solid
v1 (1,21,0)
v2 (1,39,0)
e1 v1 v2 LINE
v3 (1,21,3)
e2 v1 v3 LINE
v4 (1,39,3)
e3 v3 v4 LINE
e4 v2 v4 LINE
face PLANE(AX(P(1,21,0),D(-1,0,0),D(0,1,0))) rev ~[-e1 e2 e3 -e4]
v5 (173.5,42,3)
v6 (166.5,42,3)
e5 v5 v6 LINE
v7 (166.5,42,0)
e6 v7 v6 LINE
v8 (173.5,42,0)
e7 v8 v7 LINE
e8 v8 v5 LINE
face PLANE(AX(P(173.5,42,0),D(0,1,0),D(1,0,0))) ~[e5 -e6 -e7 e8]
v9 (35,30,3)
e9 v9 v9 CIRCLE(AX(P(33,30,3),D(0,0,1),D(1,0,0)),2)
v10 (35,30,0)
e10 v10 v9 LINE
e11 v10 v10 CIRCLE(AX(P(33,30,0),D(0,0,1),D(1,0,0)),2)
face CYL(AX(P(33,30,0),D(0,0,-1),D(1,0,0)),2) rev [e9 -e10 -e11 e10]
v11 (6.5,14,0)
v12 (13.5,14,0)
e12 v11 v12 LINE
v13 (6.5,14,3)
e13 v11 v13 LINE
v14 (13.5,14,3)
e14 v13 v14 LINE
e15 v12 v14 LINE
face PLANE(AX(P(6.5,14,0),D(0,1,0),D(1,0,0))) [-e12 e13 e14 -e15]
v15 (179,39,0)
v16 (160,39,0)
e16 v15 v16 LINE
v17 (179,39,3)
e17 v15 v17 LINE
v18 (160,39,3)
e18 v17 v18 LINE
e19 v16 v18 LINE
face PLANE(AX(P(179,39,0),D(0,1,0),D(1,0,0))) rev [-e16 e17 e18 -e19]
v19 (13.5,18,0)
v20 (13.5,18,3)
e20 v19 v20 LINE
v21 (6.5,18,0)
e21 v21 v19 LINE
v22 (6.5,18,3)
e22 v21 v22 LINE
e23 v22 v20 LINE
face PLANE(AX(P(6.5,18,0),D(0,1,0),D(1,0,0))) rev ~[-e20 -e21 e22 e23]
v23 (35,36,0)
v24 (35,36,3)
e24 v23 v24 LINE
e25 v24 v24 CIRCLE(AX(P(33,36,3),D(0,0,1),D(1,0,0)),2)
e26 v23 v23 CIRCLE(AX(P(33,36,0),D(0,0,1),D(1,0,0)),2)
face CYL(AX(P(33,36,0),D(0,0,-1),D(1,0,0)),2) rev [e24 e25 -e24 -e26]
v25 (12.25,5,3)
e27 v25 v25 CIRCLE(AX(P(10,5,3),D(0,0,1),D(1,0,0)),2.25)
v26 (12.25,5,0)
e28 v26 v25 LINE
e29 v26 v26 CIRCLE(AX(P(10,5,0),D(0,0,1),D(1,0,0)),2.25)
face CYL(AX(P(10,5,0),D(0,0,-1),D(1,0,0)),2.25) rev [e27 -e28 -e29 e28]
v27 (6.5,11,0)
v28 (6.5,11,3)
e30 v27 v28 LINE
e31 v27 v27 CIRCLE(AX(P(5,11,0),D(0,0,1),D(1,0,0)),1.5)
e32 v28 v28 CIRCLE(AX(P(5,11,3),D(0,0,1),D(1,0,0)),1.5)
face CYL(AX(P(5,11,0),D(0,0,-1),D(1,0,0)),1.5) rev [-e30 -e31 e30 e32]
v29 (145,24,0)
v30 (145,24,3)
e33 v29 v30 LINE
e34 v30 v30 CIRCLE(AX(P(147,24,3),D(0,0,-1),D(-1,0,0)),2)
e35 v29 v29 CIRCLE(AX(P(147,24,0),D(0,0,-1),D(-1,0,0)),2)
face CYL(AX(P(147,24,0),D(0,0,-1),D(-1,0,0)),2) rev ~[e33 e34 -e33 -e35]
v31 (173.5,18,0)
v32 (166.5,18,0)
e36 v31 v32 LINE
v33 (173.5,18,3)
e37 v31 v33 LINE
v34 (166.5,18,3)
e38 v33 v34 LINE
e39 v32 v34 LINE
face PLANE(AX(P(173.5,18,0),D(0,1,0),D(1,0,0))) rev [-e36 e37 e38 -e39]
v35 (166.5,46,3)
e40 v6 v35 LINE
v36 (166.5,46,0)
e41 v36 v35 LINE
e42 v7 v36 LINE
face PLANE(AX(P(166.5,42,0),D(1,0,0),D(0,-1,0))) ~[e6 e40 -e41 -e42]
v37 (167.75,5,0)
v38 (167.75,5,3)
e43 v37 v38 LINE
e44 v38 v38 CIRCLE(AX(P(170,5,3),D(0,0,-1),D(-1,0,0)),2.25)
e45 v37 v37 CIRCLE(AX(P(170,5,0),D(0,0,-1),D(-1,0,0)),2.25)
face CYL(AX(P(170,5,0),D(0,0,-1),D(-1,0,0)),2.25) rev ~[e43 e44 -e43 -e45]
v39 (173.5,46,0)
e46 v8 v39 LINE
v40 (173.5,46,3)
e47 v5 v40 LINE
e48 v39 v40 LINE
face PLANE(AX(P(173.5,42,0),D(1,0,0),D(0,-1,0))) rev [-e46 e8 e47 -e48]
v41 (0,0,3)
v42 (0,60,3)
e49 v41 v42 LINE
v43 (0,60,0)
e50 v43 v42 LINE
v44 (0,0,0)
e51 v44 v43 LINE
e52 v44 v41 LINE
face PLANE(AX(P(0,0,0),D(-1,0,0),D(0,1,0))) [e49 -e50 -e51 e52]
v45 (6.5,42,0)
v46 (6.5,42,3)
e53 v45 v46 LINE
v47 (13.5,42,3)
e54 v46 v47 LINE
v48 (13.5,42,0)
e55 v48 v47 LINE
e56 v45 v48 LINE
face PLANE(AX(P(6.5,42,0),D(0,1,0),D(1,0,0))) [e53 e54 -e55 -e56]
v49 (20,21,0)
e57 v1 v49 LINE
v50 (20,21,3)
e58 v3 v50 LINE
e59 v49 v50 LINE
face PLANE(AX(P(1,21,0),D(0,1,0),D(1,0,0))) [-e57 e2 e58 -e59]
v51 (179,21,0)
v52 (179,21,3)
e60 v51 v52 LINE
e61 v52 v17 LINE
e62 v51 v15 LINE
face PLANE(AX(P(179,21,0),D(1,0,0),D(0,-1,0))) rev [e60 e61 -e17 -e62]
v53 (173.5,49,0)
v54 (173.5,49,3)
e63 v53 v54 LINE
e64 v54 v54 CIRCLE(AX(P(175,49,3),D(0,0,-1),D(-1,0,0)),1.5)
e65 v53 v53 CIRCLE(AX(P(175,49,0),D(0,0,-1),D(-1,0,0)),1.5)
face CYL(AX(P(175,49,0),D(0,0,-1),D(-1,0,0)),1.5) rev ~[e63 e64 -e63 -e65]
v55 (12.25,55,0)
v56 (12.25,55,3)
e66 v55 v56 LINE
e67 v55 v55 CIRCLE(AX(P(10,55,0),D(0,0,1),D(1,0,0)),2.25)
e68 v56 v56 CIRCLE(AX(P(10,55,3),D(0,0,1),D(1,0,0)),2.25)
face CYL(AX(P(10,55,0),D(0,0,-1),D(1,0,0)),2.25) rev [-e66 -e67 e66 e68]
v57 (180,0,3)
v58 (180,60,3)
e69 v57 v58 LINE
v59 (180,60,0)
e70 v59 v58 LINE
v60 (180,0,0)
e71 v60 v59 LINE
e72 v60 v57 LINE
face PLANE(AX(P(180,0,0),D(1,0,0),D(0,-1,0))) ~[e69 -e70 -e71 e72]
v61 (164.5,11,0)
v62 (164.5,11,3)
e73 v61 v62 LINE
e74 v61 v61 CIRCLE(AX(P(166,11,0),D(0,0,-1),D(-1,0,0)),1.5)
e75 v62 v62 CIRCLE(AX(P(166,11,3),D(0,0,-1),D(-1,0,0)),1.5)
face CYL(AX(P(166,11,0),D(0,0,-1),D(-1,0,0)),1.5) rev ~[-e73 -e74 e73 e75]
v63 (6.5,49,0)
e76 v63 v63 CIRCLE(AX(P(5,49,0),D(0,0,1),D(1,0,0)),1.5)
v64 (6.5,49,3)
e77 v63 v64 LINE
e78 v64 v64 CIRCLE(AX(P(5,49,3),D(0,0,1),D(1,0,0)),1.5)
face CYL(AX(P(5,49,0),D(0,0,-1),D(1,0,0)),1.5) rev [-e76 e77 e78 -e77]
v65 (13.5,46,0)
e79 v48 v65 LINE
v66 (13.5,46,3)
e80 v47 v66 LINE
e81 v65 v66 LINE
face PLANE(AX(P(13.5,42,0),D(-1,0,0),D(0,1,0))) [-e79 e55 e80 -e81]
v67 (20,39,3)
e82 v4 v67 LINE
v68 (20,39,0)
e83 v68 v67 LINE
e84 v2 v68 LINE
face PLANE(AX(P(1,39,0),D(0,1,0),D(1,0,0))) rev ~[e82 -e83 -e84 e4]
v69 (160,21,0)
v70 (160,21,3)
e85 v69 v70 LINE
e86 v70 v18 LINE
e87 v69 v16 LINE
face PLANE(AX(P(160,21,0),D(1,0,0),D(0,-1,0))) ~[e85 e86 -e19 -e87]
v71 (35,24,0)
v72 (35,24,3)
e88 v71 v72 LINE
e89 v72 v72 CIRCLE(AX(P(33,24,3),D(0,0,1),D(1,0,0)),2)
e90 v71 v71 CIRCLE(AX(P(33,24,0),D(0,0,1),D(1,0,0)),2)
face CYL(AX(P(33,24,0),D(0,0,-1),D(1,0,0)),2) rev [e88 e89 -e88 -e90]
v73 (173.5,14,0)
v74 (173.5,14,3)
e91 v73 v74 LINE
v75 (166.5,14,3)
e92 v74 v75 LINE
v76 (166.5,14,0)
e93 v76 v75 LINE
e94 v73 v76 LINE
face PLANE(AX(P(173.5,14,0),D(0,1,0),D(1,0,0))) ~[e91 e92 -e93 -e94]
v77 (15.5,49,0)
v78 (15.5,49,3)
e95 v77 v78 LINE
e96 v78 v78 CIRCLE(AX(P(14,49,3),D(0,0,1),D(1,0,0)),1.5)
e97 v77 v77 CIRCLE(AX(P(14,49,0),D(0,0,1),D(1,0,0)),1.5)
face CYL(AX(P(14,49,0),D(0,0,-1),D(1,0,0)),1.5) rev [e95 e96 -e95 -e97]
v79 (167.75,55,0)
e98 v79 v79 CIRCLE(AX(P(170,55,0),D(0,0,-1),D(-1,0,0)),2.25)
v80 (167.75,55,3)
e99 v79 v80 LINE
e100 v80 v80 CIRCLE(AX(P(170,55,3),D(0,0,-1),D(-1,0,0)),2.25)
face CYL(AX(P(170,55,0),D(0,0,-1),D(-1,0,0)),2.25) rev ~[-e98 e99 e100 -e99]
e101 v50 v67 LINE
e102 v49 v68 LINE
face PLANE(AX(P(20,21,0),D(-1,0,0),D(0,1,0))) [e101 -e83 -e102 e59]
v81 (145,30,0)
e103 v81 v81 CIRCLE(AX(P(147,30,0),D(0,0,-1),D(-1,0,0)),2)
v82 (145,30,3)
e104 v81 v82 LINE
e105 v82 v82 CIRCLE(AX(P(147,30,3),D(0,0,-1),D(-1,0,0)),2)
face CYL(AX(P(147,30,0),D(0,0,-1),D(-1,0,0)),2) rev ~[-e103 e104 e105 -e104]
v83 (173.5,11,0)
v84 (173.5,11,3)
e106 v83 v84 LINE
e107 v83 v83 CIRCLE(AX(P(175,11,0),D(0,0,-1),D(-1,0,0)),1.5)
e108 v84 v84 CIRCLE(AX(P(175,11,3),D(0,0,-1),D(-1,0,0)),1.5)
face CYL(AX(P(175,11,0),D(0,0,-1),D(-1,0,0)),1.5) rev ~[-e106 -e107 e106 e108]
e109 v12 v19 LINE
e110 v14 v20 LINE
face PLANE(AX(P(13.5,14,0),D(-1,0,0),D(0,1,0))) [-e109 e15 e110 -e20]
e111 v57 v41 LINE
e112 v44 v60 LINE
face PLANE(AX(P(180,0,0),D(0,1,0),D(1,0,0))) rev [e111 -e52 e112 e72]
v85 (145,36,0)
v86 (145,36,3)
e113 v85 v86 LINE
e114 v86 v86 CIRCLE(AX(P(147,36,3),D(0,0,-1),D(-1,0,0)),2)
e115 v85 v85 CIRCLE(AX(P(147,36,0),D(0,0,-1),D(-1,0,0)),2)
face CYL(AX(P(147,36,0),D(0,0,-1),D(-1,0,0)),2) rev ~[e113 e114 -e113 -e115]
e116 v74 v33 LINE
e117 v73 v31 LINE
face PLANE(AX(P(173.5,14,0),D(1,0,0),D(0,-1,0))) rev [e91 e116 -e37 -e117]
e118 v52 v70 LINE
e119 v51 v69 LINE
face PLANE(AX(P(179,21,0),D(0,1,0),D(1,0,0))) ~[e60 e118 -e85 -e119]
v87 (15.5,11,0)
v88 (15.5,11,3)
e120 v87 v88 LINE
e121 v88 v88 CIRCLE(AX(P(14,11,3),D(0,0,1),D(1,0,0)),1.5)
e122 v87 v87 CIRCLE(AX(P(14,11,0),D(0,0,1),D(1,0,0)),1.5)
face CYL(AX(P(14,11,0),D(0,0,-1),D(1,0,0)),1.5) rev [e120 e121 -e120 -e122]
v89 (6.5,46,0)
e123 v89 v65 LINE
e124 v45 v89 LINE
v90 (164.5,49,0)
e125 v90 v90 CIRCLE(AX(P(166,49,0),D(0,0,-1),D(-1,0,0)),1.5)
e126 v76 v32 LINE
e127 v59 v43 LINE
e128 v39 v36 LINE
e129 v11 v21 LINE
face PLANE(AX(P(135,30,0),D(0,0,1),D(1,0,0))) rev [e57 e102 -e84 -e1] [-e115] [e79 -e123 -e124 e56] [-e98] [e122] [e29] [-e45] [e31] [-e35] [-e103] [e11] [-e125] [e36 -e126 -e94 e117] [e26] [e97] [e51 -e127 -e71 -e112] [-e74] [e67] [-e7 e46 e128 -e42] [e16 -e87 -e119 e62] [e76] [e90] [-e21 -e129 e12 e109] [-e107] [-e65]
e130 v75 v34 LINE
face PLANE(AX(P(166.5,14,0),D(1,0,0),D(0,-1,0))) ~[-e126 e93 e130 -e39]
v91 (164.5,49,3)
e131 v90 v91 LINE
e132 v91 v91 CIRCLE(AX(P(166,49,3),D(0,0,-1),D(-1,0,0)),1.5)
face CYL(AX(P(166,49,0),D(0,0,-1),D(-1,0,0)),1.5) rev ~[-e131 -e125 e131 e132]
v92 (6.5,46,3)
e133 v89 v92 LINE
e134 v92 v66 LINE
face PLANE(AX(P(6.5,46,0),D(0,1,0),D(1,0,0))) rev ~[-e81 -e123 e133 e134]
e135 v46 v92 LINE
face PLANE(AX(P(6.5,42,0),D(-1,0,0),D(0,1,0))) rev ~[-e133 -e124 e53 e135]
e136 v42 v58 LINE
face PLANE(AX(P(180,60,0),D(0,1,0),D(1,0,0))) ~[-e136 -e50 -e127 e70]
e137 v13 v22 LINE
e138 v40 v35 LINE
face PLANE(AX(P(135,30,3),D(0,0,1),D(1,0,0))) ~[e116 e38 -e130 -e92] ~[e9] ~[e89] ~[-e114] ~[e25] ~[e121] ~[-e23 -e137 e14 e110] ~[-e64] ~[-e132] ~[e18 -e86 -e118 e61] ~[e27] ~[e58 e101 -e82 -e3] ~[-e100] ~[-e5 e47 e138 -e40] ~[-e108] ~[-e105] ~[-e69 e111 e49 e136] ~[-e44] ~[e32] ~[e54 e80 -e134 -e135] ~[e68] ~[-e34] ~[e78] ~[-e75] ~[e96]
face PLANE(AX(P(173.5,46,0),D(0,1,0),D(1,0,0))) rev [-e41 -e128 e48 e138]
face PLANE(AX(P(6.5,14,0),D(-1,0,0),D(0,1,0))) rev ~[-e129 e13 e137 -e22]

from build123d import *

# Parameters (mm, degrees)
SKETCH_W   = 90
SKETCH_H   = 60
SKETCH_R   = 2.25
SKETCH_R_2 = 2
SKETCH_R_3 = 1.5
SKETCH_W_2 = 7
SKETCH_H_2 = 4
SKETCH_W_3 = 19
SKETCH_H_3 = 18
PAD_DEPTH  = 3


with BuildPart() as part:
    # Sketch → Pad (new body)
    with BuildSketch(Plane.XY):
        with Locations((45, 30)):
            Rectangle(SKETCH_W, SKETCH_H)
        with Locations((10, 5)):
            Circle(SKETCH_R, mode=Mode.SUBTRACT)
        with Locations((33, 24)):
            Circle(SKETCH_R_2, mode=Mode.SUBTRACT)
        with Locations((33, 36)):
            Circle(SKETCH_R_2, mode=Mode.SUBTRACT)
        with Locations((33, 30)):
            Circle(SKETCH_R_2, mode=Mode.SUBTRACT)
        with Locations((10, 55)):
            Circle(SKETCH_R, mode=Mode.SUBTRACT)
        with Locations((14, 11)):
            Circle(SKETCH_R_3, mode=Mode.SUBTRACT)
        with Locations((5, 11)):
            Circle(SKETCH_R_3, mode=Mode.SUBTRACT)
        with Locations((14, 49)):
            Circle(SKETCH_R_3, mode=Mode.SUBTRACT)
        with Locations((5, 49)):
            Circle(SKETCH_R_3, mode=Mode.SUBTRACT)
        with Locations((10, 16)):
            Rectangle(SKETCH_W_2, SKETCH_H_2, mode=Mode.SUBTRACT)
        with Locations((10, 44)):
            Rectangle(SKETCH_W_2, SKETCH_H_2, mode=Mode.SUBTRACT)
        with Locations((10.5, 30)):
            Rectangle(SKETCH_W_3, SKETCH_H_3, mode=Mode.SUBTRACT)
    pad = extrude(amount=PAD_DEPTH)

    # Mirrored: Pad across face of Pad
    add(pad.mirror(Plane(origin=(90, 30, 1.5), x_dir=(0, 1, 0), z_dir=(1, 0, 0))))


solid = part.part
